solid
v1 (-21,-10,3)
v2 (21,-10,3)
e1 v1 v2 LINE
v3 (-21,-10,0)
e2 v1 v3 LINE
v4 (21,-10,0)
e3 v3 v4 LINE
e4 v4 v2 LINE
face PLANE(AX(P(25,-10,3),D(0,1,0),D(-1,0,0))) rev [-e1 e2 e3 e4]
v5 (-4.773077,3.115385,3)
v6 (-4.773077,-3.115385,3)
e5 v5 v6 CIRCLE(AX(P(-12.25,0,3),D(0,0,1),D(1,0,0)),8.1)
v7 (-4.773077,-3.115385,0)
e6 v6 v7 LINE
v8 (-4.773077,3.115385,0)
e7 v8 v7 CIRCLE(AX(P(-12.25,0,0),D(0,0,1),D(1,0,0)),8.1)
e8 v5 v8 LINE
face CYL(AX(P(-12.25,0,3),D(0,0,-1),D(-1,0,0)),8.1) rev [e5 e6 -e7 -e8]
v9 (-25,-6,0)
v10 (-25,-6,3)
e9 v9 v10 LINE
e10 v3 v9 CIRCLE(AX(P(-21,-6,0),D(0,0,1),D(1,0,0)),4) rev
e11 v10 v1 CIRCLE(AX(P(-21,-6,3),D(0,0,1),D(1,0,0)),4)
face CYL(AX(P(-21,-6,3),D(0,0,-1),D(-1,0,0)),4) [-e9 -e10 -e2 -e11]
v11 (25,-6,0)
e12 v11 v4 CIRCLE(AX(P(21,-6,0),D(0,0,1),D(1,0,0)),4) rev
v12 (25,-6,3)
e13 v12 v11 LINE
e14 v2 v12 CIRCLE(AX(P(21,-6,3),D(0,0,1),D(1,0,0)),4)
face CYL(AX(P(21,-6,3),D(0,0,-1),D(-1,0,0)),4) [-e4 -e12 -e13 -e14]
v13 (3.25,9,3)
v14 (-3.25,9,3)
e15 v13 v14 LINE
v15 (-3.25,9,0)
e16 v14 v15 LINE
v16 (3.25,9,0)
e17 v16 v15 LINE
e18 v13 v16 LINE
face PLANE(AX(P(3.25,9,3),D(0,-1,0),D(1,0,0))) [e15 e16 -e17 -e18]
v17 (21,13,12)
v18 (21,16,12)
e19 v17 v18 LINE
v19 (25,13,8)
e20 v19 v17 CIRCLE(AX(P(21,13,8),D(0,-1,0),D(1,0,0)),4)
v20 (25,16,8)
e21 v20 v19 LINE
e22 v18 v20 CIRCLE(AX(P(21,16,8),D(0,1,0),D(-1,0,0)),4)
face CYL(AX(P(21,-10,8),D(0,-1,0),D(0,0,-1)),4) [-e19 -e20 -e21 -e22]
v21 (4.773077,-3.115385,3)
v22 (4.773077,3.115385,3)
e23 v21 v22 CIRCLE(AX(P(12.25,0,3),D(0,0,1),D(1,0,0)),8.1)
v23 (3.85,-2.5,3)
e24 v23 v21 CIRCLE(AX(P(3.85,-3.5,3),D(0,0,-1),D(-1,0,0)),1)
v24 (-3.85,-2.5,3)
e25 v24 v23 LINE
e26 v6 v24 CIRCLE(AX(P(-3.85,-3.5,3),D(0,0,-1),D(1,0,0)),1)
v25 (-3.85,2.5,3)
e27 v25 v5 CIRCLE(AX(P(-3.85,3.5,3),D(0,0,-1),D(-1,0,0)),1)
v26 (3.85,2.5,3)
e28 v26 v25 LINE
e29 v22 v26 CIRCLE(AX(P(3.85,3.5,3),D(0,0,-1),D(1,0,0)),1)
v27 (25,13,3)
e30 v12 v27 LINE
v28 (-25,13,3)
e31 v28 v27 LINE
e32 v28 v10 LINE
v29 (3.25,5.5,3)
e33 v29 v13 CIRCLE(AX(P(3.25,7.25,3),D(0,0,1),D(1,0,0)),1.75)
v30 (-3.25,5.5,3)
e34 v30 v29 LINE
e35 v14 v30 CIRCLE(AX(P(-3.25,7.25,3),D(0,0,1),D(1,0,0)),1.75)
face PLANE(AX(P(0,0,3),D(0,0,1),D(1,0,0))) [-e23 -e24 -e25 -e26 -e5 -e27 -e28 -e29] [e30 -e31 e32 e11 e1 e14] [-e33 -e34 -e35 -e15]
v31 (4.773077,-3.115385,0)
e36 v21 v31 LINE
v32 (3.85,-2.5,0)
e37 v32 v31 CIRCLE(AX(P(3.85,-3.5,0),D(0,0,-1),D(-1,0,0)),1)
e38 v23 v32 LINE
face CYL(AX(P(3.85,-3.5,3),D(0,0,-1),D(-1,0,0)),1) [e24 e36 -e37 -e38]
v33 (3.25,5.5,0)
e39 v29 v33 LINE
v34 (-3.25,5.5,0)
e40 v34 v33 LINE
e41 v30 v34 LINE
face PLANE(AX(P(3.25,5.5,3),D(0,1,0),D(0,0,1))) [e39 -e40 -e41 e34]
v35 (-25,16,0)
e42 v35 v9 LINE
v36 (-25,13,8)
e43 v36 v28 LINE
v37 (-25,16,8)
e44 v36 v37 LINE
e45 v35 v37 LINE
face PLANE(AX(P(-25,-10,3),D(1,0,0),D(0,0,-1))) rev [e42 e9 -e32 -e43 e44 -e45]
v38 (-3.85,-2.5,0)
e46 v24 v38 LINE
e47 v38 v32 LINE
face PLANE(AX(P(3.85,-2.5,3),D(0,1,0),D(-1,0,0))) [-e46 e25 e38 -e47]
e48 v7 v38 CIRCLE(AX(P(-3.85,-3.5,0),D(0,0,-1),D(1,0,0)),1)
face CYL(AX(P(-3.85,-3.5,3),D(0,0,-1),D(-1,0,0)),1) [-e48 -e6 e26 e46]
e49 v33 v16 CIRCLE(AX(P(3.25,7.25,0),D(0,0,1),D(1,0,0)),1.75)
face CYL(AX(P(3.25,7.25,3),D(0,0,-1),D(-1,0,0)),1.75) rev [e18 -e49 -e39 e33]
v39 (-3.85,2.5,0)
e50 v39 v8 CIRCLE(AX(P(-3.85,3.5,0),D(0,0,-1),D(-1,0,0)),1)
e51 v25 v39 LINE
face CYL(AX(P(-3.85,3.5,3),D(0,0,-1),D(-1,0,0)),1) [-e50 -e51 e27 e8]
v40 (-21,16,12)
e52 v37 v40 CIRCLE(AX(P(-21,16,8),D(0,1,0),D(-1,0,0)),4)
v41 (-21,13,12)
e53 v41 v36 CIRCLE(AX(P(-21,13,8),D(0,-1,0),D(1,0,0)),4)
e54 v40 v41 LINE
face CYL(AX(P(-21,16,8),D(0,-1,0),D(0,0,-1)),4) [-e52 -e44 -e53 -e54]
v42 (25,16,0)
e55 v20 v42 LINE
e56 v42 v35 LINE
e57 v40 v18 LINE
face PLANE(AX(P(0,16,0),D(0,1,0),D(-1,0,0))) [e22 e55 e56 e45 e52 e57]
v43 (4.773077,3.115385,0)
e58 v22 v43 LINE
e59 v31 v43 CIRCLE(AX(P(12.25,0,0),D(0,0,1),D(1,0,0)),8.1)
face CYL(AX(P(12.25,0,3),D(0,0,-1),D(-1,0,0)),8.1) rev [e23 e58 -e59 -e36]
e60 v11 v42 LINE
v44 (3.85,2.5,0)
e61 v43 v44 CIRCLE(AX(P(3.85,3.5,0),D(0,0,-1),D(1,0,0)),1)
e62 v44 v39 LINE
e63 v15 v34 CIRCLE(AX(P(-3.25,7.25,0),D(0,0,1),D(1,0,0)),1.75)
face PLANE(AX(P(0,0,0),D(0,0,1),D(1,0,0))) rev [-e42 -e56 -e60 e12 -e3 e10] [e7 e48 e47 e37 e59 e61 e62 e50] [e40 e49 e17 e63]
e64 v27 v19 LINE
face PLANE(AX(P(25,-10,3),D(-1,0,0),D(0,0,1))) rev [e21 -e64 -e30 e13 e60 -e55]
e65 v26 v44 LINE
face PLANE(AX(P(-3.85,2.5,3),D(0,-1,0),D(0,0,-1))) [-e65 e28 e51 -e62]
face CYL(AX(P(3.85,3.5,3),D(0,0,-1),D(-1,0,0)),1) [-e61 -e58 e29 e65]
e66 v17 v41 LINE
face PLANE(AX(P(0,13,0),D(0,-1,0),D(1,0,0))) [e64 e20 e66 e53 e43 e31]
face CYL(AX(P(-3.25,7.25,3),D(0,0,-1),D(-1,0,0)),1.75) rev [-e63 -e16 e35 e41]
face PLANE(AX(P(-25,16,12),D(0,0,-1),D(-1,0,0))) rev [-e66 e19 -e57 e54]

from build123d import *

# Parameters (mm, degrees)
SKETCH_1_W          = 50
SKETCH_1_H          = 20
EXTRUDE_1_DEPTH     = 3
SKETCH_2_W          = 50
SKETCH_2_H          = 12
EXTRUDE_2_DEPTH     = 6
SKETCH_5_W          = 50
SKETCH_5_H          = 9
CUT_EXTRUDE_2_DEPTH = 3
FILLET_1_R          = 4


with BuildPart() as part:
    # 草图1 → 凸台-拉伸1 (new body)
    with BuildSketch(Plane.XY):
        Rectangle(SKETCH_1_W, SKETCH_1_H)
        with BuildLine():
            Line((-3.85, 2.5), (3.85, 2.5))
            ThreePointArc((3.85, 2.5), (4.404700196, 2.667949706), (4.773076923, 3.115384615))
            ThreePointArc((4.773076923, 3.115384615), (20.35, 0), (4.773076923, -3.115384615))
            ThreePointArc((4.773076923, -3.115384615), (4.404700196, -2.667949706), (3.85, -2.5))
            Line((3.85, -2.5), (-3.85, -2.5))
            ThreePointArc((-3.85, -2.5), (-4.404700196, -2.667949706), (-4.773076923, -3.115384615))
            ThreePointArc((-4.773076923, -3.115384615), (-20.35, 0), (-4.773076923, 3.115384615))
            ThreePointArc((-4.773076923, 3.115384615), (-4.404700196, 2.667949706), (-3.85, 2.5))
        make_face(mode=Mode.SUBTRACT)
        with BuildLine():
            Line((3.25, 5.5), (-3.25, 5.5))
            ThreePointArc((-3.25, 5.5), (-5, 7.25), (-3.25, 9))
            Line((-3.25, 9), (3.25, 9))
            ThreePointArc((3.25, 9), (5, 7.25), (3.25, 5.5))
        make_face(mode=Mode.SUBTRACT)
    extrude(amount=EXTRUDE_1_DEPTH)

    # 草图2 → 凸台-拉伸2 (add)
    with BuildSketch(Plane(origin=(0, 10, 0), x_dir=(1, 0, 0), z_dir=(0, 1, 0))):
        with Locations((0, -6)):
            Rectangle(SKETCH_2_W, SKETCH_2_H)
    extrude(amount=EXTRUDE_2_DEPTH)

    # 草图5 → 切除-拉伸2 (cut)
    with BuildSketch(Plane.XZ.offset(-10)):
        with Locations((0, 7.5)):
            Rectangle(SKETCH_5_W, SKETCH_5_H)
    extrude(amount=-CUT_EXTRUDE_2_DEPTH, mode=Mode.SUBTRACT)

    # 圆角1
    fillet_1_edges = [part.edges().sort_by_distance(p)[0] for p in [
        (-25, 14.5, 12),
        (25, 14.5, 12),
        (25, -10, 1.5),
        (-25, -10, 1.5),
    ]]
    fillet(fillet_1_edges, radius=FILLET_1_R)


solid = part.part
